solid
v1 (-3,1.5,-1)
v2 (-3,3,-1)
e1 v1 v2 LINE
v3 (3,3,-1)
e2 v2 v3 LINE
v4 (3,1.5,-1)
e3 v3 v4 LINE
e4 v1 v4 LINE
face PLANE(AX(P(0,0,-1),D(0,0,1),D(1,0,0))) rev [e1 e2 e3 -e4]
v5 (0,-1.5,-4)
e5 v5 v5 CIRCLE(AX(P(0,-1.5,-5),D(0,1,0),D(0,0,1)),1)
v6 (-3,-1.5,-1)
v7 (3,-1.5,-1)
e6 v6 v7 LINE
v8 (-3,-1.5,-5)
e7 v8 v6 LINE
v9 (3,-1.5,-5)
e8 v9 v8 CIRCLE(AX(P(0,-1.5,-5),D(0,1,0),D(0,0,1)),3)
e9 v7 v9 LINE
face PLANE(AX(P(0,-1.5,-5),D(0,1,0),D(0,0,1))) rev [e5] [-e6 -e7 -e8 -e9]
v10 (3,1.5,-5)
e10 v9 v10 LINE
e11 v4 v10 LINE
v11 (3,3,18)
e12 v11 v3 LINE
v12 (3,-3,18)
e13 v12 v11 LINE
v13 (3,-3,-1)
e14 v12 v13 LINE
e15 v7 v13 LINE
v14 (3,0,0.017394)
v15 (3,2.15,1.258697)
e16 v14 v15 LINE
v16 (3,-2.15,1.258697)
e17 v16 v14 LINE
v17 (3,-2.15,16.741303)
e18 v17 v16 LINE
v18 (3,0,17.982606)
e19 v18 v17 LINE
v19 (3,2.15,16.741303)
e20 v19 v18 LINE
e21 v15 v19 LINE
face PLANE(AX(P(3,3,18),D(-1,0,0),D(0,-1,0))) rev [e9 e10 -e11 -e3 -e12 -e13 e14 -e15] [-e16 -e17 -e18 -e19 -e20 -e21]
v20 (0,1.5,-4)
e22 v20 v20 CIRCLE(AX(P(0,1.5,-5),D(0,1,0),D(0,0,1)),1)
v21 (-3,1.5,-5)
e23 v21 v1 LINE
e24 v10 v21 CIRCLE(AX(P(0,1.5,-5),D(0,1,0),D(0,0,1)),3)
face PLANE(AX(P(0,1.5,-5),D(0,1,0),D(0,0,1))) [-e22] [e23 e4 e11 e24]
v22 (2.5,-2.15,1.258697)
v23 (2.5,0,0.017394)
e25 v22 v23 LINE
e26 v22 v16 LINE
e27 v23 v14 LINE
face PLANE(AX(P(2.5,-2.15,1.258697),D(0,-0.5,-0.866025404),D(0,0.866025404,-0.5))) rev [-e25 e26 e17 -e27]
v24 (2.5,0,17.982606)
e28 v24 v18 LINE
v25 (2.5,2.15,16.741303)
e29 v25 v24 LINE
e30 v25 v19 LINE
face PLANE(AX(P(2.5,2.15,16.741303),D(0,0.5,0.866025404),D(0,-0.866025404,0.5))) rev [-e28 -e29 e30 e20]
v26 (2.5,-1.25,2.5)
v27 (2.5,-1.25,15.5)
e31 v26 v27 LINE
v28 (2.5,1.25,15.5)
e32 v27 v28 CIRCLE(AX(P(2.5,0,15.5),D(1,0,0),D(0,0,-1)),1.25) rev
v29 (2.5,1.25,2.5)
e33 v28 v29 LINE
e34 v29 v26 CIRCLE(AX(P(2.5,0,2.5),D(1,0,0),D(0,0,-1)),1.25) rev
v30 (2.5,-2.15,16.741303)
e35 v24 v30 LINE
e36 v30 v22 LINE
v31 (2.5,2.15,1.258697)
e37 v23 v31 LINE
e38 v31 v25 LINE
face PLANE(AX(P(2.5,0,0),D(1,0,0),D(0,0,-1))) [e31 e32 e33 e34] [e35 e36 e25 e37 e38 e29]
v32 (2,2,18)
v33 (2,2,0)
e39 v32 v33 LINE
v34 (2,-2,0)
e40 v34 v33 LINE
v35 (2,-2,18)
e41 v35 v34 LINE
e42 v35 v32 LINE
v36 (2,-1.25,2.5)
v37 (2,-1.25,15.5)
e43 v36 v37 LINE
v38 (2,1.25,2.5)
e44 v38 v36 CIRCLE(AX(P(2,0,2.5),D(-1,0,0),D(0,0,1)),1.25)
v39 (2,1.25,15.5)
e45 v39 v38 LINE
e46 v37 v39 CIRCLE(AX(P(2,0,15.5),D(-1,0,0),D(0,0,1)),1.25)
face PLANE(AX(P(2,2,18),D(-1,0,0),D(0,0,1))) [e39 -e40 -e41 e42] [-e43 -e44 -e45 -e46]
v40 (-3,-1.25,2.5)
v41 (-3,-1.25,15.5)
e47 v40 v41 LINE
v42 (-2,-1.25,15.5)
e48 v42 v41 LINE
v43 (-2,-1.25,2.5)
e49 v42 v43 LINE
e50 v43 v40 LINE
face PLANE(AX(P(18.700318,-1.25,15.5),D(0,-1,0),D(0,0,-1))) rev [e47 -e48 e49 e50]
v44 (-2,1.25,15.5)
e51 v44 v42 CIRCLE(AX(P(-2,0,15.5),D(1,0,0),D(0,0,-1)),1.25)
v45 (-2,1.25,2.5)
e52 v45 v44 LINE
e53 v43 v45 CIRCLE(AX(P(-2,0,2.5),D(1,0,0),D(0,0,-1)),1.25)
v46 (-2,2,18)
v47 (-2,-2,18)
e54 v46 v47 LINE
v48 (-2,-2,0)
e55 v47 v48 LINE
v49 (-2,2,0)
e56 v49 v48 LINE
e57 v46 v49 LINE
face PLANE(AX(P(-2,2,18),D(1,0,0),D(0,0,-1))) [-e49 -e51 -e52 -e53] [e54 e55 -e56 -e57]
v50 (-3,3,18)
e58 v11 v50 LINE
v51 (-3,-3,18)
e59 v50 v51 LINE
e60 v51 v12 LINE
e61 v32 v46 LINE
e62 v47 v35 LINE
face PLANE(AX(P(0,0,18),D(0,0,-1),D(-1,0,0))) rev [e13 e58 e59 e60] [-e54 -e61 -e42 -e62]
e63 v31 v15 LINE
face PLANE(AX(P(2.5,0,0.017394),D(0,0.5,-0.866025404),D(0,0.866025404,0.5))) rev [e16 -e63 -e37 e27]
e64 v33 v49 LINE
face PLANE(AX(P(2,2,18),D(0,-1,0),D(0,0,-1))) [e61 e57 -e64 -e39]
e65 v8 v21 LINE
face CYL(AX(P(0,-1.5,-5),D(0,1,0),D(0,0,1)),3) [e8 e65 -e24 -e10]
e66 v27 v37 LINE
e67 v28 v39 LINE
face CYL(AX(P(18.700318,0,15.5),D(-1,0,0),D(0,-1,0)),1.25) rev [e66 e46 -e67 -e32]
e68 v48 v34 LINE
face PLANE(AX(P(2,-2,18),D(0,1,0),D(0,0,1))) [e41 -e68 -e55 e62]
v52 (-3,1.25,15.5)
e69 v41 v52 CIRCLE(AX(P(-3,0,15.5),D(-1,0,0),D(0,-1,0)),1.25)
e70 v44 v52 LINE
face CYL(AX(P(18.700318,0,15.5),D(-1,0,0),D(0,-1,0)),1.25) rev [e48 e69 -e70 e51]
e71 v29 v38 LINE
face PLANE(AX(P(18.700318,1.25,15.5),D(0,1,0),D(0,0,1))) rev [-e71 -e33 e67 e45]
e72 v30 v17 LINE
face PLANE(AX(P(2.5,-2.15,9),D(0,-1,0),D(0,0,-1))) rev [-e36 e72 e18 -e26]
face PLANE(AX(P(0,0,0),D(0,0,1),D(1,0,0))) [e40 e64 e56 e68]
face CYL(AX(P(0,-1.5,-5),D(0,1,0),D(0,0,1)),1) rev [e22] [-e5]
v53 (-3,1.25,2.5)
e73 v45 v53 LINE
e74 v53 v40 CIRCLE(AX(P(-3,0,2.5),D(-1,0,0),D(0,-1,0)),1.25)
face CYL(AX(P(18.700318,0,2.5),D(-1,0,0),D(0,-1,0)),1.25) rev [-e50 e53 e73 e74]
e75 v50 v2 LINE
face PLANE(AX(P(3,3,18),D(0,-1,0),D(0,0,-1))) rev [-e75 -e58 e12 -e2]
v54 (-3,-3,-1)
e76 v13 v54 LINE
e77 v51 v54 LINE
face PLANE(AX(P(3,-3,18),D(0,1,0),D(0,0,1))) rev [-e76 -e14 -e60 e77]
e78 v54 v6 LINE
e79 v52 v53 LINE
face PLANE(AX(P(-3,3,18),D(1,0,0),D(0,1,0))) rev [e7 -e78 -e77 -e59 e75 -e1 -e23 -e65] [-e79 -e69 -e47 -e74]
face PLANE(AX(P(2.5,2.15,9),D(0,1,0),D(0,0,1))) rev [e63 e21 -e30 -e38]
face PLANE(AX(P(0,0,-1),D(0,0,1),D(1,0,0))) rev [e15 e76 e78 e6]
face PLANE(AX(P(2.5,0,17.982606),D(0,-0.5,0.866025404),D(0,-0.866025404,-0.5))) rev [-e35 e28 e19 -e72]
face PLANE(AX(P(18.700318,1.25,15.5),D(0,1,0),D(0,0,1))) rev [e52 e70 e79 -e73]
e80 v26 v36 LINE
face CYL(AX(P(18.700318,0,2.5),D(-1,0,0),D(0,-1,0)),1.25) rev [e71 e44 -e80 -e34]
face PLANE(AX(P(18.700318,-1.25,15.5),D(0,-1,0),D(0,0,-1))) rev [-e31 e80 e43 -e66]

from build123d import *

# Parameters (mm, degrees)
SKETCH_1_W           = 6
SKETCH_1_H           = 6
SKETCH_1_W_2         = 4
SKETCH_1_H_2         = 4
EXTRUDE_1_DEPTH      = 18
SKETCH_2_W           = 6
SKETCH_2_H           = 6
EXTRUDE_2_DEPTH      = 1
SKETCH_3_R           = 1
EXTRUDE_3_DEPTH      = 1.5
EXTRUDE_3_DEPTH_BACK = 1.5
CUT_EXTRUDE_1_DEPTH  = 6
CUT_EXTRUDE_2_DEPTH  = 0.5


with BuildPart() as part:
    # 스케치1 → 보스-돌출1 (new body)
    with BuildSketch(Plane.XY):
        Rectangle(SKETCH_1_W, SKETCH_1_H)
        Rectangle(SKETCH_1_W_2, SKETCH_1_H_2, mode=Mode.SUBTRACT)
    extrude(amount=EXTRUDE_1_DEPTH)

    # 스케치2 → 보스-돌출2 (add)
    with BuildSketch(Plane(origin=(0, 0, 0), x_dir=(-1, 0, 0), z_dir=(0, 0, -1))):
        Rectangle(SKETCH_2_W, SKETCH_2_H)
    extrude(amount=EXTRUDE_2_DEPTH)

    # 스케치3 → 보스-돌출3 (add, two sides)
    with BuildSketch(Plane(origin=(0, 0, 0), x_dir=(1, 0, 0), z_dir=(0, 1, 0))) as extrude_3_sk:
        with BuildLine():
            Line((3, 5), (3, 1))
            Line((3, 1), (-3, 1))
            Line((-3, 1), (-3, 5))
            ThreePointArc((-3, 5), (0, 8), (3, 5))
        make_face()
        with Locations((0, 5)):
            Circle(SKETCH_3_R, mode=Mode.SUBTRACT)
    extrude(amount=EXTRUDE_3_DEPTH)
    extrude(extrude_3_sk.sketch, amount=-EXTRUDE_3_DEPTH_BACK)

    # 스케치4 → 컷-돌출1 (cut)
    with BuildSketch(Plane.ZY.offset(3)):
        with BuildLine():
            Line((15.5, 1.25), (2.5, 1.25))
            ThreePointArc((2.5, 1.25), (1.25, 0), (2.5, -1.25))
            Line((2.5, -1.25), (15.5, -1.25))
            ThreePointArc((15.5, -1.25), (16.75, 0), (15.5, 1.25))
        make_face()
    extrude(amount=-CUT_EXTRUDE_1_DEPTH, mode=Mode.SUBTRACT)

    # 스케치5 → 컷-돌출2 (cut)
    with BuildSketch(Plane(origin=(3, 0, 0), x_dir=(0, 0, -1), z_dir=(1, 0, 0))):
        Polygon((-9, 2.15), (-16.741303079, 2.15), (-17.982606158, 0), (-16.741303079, -2.15), (-9, -2.15), (-1.258696921, -2.15), (-0.017393842, 0), (-1.258696921, 2.15), align=None)
    extrude(amount=-CUT_EXTRUDE_2_DEPTH, mode=Mode.SUBTRACT)


solid = part.part
